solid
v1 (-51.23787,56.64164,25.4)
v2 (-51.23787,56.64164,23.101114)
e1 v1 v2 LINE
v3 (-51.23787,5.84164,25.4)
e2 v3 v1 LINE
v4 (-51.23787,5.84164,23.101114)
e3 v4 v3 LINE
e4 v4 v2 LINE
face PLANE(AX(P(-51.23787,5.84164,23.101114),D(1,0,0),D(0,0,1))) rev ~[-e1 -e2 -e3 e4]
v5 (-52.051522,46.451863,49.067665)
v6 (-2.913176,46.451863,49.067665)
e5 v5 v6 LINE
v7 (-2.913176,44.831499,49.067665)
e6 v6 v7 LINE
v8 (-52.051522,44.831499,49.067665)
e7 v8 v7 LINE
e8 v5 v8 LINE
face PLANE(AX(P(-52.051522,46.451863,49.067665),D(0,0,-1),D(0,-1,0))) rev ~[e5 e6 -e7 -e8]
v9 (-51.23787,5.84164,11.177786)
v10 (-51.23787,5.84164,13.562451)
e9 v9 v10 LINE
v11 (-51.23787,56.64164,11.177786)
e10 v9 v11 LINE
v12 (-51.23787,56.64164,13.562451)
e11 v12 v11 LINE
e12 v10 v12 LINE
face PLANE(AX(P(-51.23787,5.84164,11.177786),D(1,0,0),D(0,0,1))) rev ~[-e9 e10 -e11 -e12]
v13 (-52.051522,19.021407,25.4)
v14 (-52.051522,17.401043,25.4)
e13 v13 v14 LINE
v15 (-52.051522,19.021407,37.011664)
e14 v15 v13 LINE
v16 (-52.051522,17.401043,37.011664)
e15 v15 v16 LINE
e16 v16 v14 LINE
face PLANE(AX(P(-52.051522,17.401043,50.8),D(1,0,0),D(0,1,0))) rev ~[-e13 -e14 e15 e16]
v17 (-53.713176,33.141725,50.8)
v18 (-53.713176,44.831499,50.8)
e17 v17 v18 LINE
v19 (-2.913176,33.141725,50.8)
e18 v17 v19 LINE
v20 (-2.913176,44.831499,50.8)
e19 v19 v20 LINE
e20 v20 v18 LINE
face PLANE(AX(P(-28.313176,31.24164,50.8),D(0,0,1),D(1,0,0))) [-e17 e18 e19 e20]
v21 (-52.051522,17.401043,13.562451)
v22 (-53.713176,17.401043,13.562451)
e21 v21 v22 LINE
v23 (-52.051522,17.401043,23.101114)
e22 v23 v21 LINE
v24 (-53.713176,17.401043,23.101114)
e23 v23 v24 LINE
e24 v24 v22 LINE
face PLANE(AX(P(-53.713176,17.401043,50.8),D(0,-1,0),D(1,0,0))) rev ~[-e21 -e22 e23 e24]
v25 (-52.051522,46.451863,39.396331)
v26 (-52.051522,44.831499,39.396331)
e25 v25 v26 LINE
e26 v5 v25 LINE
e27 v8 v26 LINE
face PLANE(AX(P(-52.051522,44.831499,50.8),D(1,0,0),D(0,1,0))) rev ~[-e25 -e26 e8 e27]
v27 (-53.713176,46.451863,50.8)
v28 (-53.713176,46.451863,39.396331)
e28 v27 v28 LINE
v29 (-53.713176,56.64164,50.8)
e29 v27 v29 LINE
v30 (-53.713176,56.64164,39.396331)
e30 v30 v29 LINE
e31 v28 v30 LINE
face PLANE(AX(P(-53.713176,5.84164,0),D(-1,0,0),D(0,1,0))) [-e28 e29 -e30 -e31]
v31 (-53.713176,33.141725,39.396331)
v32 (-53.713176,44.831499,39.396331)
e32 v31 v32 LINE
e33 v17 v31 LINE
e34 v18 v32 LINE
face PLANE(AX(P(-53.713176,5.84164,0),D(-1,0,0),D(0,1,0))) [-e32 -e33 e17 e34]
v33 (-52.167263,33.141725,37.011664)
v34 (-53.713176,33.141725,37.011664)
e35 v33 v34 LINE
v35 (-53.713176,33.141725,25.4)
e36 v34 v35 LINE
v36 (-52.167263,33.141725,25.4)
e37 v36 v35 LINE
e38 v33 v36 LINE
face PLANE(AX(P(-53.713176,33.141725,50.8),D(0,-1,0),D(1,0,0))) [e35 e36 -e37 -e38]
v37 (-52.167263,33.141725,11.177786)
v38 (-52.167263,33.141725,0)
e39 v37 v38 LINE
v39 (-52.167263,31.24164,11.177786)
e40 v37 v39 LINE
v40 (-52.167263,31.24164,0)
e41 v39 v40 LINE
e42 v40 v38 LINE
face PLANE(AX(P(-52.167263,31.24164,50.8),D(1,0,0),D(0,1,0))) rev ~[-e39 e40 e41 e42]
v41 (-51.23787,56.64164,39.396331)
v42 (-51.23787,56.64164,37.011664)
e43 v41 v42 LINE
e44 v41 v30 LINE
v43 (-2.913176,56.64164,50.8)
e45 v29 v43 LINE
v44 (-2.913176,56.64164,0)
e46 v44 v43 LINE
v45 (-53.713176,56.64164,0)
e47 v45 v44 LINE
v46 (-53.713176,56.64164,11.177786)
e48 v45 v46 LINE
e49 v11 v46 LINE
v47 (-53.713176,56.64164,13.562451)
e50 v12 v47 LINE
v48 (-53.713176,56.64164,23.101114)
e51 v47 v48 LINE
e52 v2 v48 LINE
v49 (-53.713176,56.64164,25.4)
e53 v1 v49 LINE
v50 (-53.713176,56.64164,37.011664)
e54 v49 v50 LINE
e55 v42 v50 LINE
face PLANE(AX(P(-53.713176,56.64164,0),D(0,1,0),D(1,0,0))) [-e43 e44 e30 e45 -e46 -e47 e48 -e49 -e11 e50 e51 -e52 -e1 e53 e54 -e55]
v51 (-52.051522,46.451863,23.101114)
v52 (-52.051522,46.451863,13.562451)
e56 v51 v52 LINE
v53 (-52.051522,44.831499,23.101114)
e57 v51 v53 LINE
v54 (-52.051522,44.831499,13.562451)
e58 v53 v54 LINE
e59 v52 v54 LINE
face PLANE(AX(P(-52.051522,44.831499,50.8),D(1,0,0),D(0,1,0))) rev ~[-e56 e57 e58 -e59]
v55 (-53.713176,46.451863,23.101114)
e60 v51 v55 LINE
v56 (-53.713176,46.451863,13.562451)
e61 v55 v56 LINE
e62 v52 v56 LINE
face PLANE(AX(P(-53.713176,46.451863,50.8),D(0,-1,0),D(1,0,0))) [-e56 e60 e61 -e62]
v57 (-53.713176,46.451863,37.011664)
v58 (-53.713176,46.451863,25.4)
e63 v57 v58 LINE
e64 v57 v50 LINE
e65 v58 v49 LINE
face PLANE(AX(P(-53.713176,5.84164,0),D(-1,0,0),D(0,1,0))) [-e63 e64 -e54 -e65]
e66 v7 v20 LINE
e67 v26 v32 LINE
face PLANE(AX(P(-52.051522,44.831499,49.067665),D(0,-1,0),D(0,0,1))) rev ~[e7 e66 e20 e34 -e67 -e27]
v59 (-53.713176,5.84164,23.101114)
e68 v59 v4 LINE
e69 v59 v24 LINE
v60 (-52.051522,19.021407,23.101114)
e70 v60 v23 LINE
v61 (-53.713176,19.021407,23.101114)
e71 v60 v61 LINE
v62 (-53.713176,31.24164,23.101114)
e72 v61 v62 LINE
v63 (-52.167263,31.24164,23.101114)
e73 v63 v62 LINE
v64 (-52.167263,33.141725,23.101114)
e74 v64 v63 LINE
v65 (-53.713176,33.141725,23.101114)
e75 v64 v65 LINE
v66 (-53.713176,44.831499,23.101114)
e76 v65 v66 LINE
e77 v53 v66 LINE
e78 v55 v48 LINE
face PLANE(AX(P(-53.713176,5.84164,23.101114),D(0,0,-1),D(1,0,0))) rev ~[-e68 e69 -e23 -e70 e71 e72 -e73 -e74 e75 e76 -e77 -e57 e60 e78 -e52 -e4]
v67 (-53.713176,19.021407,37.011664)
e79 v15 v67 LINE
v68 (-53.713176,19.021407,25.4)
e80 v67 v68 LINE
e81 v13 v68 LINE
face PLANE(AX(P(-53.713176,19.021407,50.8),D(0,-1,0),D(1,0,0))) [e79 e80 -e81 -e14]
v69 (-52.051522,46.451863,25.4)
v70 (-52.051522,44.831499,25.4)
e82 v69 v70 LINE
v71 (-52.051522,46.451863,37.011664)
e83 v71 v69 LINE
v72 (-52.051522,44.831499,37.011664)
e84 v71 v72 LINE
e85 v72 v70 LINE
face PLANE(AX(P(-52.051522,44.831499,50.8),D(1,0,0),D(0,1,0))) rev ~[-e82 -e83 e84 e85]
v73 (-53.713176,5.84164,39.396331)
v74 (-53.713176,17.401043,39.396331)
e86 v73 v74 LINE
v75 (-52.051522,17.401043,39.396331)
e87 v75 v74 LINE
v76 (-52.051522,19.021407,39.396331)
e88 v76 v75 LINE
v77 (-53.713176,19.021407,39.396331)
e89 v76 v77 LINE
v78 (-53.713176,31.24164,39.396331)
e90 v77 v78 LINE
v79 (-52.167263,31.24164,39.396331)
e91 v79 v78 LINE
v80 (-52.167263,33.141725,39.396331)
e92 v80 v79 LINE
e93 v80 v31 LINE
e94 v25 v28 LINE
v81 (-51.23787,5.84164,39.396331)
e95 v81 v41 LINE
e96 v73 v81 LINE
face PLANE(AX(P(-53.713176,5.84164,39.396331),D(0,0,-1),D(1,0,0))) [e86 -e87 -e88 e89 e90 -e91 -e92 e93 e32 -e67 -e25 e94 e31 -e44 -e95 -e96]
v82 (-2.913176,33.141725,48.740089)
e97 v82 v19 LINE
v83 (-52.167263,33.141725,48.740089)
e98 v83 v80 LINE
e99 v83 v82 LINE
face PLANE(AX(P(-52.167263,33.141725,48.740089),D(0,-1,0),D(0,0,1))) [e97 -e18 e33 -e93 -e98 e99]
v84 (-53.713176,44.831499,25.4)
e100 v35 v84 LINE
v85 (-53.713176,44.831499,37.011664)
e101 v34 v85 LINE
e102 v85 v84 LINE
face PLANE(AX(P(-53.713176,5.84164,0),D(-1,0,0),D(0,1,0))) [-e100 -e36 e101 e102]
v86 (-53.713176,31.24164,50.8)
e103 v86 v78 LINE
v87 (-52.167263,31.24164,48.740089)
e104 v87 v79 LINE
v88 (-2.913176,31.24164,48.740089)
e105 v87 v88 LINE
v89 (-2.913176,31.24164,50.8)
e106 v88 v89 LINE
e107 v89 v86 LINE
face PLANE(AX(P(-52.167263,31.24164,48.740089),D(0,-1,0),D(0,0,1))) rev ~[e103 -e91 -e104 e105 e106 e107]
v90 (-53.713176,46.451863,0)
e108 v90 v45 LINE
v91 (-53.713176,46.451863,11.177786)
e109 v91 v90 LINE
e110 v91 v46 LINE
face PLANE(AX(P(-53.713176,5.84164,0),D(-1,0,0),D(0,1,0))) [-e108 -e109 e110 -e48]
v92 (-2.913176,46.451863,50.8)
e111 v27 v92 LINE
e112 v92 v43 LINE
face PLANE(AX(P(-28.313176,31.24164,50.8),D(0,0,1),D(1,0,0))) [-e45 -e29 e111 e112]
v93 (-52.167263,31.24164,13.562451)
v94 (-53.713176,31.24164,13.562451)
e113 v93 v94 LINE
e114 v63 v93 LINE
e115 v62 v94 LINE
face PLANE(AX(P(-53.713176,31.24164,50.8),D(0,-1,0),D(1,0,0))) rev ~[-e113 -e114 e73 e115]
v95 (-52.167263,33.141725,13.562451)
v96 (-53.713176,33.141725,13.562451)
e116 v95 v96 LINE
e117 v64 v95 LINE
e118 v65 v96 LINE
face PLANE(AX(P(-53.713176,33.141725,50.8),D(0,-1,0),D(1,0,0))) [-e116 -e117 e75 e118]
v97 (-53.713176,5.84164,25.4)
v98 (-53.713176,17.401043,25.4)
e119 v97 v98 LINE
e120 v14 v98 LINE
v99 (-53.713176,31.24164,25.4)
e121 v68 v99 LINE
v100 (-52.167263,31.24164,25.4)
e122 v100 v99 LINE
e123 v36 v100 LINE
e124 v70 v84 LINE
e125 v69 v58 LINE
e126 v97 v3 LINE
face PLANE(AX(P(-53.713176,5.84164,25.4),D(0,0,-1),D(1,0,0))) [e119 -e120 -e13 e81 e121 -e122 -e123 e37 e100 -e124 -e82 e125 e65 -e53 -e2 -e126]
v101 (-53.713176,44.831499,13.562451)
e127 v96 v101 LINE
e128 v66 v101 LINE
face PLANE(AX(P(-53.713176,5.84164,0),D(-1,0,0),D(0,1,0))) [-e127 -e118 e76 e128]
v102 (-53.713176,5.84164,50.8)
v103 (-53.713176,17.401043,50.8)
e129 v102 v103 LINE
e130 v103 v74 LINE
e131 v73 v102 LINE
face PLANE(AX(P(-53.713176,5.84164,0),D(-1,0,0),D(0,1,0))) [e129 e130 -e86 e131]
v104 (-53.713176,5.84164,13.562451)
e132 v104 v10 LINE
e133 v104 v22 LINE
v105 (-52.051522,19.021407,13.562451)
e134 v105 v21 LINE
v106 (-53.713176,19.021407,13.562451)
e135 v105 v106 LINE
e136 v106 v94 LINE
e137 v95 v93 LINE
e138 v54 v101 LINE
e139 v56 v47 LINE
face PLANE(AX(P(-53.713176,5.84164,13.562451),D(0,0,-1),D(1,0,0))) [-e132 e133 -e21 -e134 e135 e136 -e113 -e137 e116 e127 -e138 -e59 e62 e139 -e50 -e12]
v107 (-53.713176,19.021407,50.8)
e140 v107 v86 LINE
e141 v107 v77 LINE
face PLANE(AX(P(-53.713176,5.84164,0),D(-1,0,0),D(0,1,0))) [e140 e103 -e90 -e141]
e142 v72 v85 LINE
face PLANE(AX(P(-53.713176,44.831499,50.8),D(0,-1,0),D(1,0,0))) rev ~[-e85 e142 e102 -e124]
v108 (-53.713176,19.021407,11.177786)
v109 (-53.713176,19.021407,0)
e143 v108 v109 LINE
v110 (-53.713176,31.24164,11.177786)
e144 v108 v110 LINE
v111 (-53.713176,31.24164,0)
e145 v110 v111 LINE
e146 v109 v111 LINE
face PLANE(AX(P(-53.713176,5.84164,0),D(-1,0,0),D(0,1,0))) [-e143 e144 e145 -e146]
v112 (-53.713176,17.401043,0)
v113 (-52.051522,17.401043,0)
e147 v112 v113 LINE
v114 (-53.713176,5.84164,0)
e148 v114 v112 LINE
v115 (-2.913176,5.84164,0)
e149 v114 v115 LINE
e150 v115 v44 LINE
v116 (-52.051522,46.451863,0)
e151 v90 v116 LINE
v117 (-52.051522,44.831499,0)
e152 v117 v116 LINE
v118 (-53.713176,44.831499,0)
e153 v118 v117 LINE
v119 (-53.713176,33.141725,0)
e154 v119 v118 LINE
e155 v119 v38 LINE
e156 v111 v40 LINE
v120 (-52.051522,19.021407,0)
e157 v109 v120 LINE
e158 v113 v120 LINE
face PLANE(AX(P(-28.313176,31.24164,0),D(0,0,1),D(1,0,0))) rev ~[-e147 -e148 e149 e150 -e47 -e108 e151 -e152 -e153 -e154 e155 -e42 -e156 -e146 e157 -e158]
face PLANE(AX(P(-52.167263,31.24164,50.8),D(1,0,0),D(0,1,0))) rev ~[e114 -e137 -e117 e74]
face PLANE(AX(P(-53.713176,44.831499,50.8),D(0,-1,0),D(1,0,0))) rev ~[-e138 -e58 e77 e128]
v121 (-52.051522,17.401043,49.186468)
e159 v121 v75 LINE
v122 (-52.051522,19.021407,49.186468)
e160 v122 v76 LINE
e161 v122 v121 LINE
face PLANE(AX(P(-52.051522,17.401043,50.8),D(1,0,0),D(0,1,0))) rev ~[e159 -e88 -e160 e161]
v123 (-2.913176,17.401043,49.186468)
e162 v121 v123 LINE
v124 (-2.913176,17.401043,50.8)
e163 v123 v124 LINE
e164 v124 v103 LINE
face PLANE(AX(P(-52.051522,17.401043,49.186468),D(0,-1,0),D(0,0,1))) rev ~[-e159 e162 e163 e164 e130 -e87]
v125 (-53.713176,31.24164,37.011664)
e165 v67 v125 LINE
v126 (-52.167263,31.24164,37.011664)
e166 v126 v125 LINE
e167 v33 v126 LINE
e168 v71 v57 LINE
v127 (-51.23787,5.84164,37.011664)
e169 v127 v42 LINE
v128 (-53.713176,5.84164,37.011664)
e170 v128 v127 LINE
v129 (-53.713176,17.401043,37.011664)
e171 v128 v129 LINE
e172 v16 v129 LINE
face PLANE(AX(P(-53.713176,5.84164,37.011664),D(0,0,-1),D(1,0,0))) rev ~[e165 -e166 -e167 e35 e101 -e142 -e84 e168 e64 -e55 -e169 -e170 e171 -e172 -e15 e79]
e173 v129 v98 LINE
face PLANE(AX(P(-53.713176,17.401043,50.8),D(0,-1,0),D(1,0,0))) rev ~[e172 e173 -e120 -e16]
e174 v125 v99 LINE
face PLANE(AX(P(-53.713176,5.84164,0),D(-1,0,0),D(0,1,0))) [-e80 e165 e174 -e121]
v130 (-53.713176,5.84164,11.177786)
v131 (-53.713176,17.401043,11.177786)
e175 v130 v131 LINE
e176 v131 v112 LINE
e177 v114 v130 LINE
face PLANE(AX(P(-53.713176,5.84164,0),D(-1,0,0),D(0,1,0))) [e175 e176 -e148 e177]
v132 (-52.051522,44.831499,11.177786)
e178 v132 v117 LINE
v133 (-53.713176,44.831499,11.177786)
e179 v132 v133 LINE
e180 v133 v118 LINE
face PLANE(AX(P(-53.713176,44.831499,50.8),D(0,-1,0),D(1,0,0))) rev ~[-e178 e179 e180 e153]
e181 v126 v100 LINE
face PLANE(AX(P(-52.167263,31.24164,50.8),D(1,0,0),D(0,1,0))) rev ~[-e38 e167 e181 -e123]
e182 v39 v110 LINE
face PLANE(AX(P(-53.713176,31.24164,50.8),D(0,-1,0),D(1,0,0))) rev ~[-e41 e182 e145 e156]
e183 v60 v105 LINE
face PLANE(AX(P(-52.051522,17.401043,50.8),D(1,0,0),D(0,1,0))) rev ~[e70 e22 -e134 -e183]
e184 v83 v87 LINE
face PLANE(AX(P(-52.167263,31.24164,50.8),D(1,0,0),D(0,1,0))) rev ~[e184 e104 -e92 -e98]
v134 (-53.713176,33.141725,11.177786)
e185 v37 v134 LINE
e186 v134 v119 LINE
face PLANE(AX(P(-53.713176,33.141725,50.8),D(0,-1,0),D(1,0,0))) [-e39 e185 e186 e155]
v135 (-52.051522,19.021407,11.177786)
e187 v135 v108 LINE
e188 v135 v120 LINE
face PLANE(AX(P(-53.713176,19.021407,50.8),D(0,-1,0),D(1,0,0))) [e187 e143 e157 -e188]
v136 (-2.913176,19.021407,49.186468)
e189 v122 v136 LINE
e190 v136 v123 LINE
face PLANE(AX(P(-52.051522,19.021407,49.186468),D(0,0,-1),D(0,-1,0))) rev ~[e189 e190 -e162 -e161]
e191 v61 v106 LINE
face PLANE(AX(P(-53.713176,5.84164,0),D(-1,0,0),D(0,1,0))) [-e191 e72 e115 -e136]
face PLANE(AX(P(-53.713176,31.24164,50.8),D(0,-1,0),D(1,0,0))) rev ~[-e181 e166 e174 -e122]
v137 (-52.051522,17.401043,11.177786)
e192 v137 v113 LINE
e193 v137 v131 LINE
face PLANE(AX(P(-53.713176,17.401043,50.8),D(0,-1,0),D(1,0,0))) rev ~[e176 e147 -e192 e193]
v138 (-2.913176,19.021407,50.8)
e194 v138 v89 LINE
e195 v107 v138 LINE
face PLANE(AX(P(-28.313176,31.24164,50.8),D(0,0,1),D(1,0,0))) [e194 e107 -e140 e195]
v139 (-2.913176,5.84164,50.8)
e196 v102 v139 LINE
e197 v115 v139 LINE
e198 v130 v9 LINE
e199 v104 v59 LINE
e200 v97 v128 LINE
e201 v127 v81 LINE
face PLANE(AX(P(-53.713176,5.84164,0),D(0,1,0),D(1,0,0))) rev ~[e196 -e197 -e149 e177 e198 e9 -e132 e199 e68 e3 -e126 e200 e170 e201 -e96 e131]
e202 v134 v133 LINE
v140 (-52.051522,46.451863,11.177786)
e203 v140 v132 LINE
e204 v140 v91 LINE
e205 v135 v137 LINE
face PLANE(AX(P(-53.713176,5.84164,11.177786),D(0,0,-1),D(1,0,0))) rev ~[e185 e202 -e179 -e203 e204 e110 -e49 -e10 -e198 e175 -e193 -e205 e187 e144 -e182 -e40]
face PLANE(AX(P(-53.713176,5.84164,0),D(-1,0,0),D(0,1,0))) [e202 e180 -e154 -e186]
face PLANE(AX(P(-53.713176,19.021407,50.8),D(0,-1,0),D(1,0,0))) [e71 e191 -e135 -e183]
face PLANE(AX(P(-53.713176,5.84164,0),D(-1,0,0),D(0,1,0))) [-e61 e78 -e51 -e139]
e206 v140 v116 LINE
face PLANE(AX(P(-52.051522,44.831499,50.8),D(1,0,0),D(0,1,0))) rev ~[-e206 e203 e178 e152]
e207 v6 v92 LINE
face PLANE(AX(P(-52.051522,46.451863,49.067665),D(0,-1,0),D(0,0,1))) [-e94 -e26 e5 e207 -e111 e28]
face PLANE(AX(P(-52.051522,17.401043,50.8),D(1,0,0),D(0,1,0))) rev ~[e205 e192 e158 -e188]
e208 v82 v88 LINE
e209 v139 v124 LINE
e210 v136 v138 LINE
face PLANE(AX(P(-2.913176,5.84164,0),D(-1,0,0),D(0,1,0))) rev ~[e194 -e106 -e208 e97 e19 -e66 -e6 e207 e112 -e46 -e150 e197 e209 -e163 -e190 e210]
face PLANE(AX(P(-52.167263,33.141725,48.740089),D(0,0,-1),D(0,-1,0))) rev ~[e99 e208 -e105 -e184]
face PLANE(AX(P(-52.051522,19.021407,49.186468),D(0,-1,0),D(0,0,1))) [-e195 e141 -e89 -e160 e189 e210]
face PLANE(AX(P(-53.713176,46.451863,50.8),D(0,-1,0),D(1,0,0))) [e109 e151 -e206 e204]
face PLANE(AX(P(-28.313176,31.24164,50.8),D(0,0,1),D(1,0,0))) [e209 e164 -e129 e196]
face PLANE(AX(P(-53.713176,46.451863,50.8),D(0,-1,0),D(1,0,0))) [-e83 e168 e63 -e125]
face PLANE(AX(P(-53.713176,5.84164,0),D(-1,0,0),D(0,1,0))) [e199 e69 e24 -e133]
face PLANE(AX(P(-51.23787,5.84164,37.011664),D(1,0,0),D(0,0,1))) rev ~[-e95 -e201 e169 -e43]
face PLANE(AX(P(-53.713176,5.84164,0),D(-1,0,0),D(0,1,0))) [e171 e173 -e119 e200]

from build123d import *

# Parameters (mm, degrees)
F0_W      = 50.8
F0_H      = 50.8
F1_DEPTH  = 50.8
F2_W      = 2.475306233
F2_H      = 2.3846663535
F2_H_2    = 2.2988862634
F2_H_3    = 2.3846654221
F3_DEPTH  = 101.6
F4_W      = 1.6616544031
F4_H      = 1.6203634441
F4_W_2    = 1.5459133588
F4_H_2    = 1.9000842679
F5_DEPTH  = 79.502
F6_W      = 1.6203634441
F6_H      = 1.7323351085
F7_DEPTH  = 101.6
F8_W      = 1.9000842679
F8_H      = 2.0599110603
F9_DEPTH  = 101.6
F10_W     = 1.6203634441
F10_H     = 1.6135318756
F11_DEPTH = 101.6


with BuildPart() as f1:
    # F0 (on Top) → F1 (new body)
    with BuildSketch(Plane.XY):
        with Locations((-28.3131762408, 31.2416404974)):
            Rectangle(F0_W, F0_H)
    extrude(amount=F1_DEPTH)

    # F2 (on face) → F3 (cut)
    with BuildSketch(Plane.XZ.offset(-5.8416404974)):
        with Locations((-52.4755231243, 38.2039975375)):
            Rectangle(F2_W, F2_H)
        with Locations((-52.4755231243, 24.2505568683)):
            Rectangle(F2_W, F2_H_2)
        with Locations((-52.4755231243, 12.3701184057)):
            Rectangle(F2_W, F2_H_3)
    extrude(amount=-F3_DEPTH, mode=Mode.SUBTRACT)

    # F4 (on face) → F5 (cut)
    with BuildSketch(Plane.XY.offset(50.8)):
        with Locations((-52.8823490392, 45.6416811794)):
            Rectangle(F4_W, F4_H)
        with Locations((-52.9402195614, 32.1916826314)):
            Rectangle(F4_W_2, F4_H_2)
        with Locations((-52.8823490392, 18.2112250477)):
            Rectangle(F4_W, F4_H)
    extrude(amount=-F5_DEPTH, mode=Mode.SUBTRACT)

    # F6 (on face) → F7 (cut)
    with BuildSketch(Plane(origin=(-52.0515218377, 0, 0), x_dir=(0, -1, 0), z_dir=(-1, 0, 0))):
        with Locations((-45.6416811794, 49.9338324457)):
            Rectangle(F6_W, F6_H)
    extrude(amount=-F7_DEPTH, mode=Mode.SUBTRACT)

    # F8 (on face) → F9 (cut)
    with BuildSketch(Plane(origin=(-52.167262882, 0, 0), x_dir=(0, -1, 0), z_dir=(-1, 0, 0))):
        with Locations((-32.1916826314, 49.7700444698)):
            Rectangle(F8_W, F8_H)
    extrude(amount=-F9_DEPTH, mode=Mode.SUBTRACT)

    # F10 (on face) → F11 (cut)
    with BuildSketch(Plane(origin=(-52.0515218377, 0, 0), x_dir=(0, -1, 0), z_dir=(-1, 0, 0))):
        with Locations((-18.2112250477, 49.9932340622)):
            Rectangle(F10_W, F10_H)
    extrude(amount=-F11_DEPTH, mode=Mode.SUBTRACT)


solid = f1.part
